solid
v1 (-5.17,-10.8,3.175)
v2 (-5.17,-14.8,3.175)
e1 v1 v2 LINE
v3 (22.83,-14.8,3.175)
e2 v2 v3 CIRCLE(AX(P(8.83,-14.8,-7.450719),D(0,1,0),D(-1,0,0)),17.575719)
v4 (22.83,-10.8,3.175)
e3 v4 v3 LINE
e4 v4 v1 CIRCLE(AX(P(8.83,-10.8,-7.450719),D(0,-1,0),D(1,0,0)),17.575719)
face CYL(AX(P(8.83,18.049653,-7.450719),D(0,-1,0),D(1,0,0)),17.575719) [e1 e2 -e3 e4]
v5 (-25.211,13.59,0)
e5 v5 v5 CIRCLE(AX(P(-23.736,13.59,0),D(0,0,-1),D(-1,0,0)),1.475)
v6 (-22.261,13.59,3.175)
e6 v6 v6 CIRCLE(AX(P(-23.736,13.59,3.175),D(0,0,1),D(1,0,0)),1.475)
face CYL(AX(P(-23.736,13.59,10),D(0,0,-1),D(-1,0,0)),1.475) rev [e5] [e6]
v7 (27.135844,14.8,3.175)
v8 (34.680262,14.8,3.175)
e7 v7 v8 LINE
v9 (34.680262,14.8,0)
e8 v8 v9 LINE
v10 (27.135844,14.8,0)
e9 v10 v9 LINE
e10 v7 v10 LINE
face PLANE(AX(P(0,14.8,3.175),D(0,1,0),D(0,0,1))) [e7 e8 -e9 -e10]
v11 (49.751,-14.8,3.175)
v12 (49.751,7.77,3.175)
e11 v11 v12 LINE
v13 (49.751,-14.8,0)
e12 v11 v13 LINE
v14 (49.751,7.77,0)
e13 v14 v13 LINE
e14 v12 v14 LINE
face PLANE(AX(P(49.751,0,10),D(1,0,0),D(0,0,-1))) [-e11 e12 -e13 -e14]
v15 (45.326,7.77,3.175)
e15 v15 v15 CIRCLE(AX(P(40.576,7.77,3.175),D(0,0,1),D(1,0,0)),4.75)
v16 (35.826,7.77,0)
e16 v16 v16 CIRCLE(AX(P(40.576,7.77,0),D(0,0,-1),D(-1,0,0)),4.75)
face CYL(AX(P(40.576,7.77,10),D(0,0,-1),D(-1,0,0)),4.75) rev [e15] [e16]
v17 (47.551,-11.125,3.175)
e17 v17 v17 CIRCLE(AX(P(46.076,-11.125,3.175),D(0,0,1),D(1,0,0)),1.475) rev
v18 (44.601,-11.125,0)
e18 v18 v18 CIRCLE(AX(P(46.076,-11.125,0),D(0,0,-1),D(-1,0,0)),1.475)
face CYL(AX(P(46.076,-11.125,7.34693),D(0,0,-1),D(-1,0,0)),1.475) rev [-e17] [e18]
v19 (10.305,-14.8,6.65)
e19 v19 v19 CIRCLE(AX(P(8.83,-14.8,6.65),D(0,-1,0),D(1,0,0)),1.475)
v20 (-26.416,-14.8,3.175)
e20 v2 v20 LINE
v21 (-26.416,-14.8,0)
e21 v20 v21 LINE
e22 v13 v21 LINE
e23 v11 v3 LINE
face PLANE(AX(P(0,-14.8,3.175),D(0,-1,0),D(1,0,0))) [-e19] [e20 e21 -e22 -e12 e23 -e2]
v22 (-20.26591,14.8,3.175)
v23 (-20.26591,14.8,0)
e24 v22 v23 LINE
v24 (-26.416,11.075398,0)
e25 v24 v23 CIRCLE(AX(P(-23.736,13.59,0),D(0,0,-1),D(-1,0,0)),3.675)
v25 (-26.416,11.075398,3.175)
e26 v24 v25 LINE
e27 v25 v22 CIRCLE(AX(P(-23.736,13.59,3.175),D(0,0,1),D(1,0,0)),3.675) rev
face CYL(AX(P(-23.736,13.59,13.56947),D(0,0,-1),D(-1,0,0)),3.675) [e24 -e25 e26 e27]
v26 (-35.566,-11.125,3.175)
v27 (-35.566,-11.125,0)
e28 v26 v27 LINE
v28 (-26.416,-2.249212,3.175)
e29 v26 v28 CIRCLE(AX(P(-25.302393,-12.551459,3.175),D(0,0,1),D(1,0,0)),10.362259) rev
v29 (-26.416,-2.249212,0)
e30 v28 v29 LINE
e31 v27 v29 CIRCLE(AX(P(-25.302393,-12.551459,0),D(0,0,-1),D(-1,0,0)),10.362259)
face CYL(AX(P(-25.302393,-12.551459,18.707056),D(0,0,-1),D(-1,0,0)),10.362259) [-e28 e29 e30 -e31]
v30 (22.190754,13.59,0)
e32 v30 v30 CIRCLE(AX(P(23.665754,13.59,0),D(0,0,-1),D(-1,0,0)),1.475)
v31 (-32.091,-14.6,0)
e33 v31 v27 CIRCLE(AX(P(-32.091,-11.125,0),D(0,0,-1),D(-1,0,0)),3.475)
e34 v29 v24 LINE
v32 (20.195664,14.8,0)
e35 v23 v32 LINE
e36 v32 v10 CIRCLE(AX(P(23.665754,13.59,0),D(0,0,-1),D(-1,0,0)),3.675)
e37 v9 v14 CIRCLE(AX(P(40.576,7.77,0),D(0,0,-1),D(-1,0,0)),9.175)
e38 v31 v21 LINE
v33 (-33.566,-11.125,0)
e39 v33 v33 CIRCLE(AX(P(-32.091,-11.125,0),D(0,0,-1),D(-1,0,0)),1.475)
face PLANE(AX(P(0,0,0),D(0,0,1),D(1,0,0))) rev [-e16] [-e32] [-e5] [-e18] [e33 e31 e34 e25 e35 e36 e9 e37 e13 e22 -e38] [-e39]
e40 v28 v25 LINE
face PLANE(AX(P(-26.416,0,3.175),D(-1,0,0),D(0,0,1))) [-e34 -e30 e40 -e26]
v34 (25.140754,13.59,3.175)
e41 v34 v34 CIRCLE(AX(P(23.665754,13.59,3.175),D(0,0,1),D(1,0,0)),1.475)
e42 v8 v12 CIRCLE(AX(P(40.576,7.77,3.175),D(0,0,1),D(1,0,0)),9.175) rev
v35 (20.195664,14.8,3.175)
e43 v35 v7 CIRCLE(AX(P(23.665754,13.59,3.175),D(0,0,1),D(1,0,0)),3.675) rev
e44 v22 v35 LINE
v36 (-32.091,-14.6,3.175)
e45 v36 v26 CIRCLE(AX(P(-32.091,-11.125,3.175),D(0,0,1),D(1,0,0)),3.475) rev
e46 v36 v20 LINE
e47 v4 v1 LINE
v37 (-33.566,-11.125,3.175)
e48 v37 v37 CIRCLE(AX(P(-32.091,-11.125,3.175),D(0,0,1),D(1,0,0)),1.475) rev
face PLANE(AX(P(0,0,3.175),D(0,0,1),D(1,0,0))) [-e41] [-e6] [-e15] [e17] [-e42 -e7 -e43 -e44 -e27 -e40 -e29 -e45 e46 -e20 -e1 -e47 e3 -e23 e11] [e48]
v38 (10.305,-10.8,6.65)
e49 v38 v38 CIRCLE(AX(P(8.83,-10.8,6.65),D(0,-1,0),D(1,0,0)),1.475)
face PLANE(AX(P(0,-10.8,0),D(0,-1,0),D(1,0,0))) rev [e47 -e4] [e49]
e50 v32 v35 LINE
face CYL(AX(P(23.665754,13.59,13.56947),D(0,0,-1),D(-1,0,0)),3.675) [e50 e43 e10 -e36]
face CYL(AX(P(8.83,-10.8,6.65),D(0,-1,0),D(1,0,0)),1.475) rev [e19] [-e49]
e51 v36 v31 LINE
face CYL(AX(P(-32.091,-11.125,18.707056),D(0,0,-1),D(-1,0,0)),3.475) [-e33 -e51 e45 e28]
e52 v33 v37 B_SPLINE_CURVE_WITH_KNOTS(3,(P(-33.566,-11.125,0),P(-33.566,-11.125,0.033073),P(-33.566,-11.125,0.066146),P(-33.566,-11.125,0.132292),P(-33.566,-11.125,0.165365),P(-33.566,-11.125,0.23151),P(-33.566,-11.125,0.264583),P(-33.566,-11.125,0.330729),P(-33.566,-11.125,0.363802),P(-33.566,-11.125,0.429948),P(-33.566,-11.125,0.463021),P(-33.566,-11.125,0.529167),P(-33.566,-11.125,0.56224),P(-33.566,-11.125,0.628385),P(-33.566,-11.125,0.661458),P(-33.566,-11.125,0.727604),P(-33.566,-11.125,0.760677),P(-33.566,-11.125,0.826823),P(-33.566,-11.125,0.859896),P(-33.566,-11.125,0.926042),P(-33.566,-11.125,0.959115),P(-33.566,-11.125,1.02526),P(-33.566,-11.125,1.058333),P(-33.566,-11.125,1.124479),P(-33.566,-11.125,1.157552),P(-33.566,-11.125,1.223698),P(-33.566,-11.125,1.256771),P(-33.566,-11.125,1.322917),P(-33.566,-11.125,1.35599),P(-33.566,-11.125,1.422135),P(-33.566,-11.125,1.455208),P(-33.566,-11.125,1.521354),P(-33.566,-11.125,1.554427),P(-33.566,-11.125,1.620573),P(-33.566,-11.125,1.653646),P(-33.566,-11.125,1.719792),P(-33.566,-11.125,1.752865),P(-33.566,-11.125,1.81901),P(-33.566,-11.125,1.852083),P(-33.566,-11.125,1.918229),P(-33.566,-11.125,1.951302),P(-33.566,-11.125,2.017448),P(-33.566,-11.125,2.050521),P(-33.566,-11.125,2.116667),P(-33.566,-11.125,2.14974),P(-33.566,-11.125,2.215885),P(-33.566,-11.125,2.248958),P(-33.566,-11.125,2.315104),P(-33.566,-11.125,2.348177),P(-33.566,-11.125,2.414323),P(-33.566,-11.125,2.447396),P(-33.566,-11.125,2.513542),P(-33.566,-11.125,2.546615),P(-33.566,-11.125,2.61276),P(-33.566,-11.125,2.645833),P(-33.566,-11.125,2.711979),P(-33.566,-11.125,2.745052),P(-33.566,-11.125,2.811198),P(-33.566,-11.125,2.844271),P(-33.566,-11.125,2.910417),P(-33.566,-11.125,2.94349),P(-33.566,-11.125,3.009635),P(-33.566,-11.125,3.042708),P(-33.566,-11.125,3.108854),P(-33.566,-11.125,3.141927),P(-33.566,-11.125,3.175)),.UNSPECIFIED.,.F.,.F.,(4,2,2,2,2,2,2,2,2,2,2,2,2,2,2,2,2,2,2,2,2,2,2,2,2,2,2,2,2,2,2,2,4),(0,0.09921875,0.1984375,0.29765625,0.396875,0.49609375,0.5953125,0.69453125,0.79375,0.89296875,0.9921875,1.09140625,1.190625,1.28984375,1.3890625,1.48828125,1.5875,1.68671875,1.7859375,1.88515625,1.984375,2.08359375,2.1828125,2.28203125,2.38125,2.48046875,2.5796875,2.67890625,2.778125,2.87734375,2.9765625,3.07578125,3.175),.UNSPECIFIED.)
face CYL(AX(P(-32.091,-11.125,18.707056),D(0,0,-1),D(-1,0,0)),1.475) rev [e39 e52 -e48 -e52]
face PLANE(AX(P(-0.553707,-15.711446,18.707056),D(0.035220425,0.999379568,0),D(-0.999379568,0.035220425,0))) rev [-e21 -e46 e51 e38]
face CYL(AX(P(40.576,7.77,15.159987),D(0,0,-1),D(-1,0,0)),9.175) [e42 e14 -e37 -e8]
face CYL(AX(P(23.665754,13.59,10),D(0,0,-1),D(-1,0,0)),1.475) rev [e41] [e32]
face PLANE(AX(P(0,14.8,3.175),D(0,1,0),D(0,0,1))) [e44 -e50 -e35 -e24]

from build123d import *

# Parameters (mm, degrees)
SKETCH1_W            = 6.266
SKETCH1_H            = 19.6
SKETCH1_R            = 1.675
SKETCH1_W_2          = 52.832
SKETCH1_H_2          = 5
BOSS_EXTRUDE2_DEPTH  = 3.175
SKETCH3_W            = 30
SKETCH3_H            = 29.6
BOSS_EXTRUDE3_DEPTH  = 3.175
SKETCH4_R            = 4.75
CUT_EXTRUDE1_DEPTH   = 10
BOSS_EXTRUDE14_DEPTH = 3.175
CUT_EXTRUDE8_DEPTH   = 10
SKETCH24_R           = 1.475
CUT_EXTRUDE9_DEPTH   = 10
SKETCH25_R           = 3.675
SKETCH25_R_2         = 1.675
BOSS_EXTRUDE15_DEPTH = 3.175
SKETCH26_R           = 1.475
CUT_EXTRUDE12_DEPTH  = 3.175
CUT_EXTRUDE13_DEPTH  = 10
SKETCH28_R           = 3.675
SKETCH28_R_2         = 1.675
BOSS_EXTRUDE16_DEPTH = 3.175
SKETCH29_R           = 1.475
BOSS_EXTRUDE17_DEPTH = 3.175
SKETCH30_W           = 52.236337303
SKETCH30_H           = 21.491937942
BOSS_EXTRUDE18_DEPTH = 3.175
CUT_EXTRUDE14_DEPTH  = 10
SKETCH32_R           = 1.475
BOSS_EXTRUDE19_DEPTH = 4
SKETCH33_R           = 2.220955703
SKETCH33_R_2         = 1.475
SKETCH33_R_3         = 2.214708119
BOSS_EXTRUDE20_DEPTH = 3.175
SKETCH34_R           = 1.475
BOSS_EXTRUDE21_DEPTH = 4


with BuildPart() as part:
    # Sketch1 → Boss-Extrude2 (new body)
    # profile 1 of 4: a face of its own
    with BuildSketch(Plane.XY):
        with Locations((-23.283, 0)):
            Rectangle(SKETCH1_W, SKETCH1_H)
        with Locations((-23.95, -4.974)):
            Circle(SKETCH1_R, mode=Mode.SUBTRACT)
        with Locations((-23.95, 4.974)):
            Circle(SKETCH1_R, mode=Mode.SUBTRACT)
    # profile 2 of 4: a face of its own
    with BuildSketch(Plane.XY):
        with Locations((0, -12.3)):
            Rectangle(SKETCH1_W_2, SKETCH1_H_2)
    # profile 3 of 4: a face of its own
    with BuildSketch(Plane.XY):
        with Locations((0, 12.3)):
            Rectangle(SKETCH1_W_2, SKETCH1_H_2)
    # profile 4 of 4: a face of its own
    with BuildSketch(Plane.XY):
        with Locations((23.283, 0)):
            Rectangle(SKETCH1_W, SKETCH1_H)
        with Locations((23.95, -4.974)):
            Circle(SKETCH1_R, mode=Mode.SUBTRACT)
        with Locations((23.95, 4.974)):
            Circle(SKETCH1_R, mode=Mode.SUBTRACT)
    extrude(amount=BOSS_EXTRUDE2_DEPTH)

    # Sketch3 → Boss-Extrude3 (add)
    with BuildSketch(Plane.XY.offset(3.175)):
        with Locations((41.416, 0)):
            Rectangle(SKETCH3_W, SKETCH3_H)
    extrude(amount=-BOSS_EXTRUDE3_DEPTH)

    # Sketch4 → Cut-Extrude1 (cut)
    with BuildSketch(Plane(origin=(0, 0, 0), x_dir=(-1, 0, 0), z_dir=(0, 0, -1))):
        with Locations((-40.576, 7.77)):
            Circle(SKETCH4_R)
    extrude(amount=-CUT_EXTRUDE1_DEPTH, mode=Mode.SUBTRACT)

    # Sketch22 → Boss-Extrude14 (add)
    with BuildSketch(Plane(origin=(0, 0, 0), x_dir=(-1, 0, 0), z_dir=(0, 0, -1))):
        with BuildLine():
            ThreePointArc((-34.680262133, 14.8), (-40.576, 16.945), (-46.471737867, 14.8))
            Line((-46.471737867, 14.8), (-34.680262133, 14.8))
        make_face()
    extrude(amount=-BOSS_EXTRUDE14_DEPTH)

    # Sketch23 → Cut-Extrude8 (cut)
    with BuildSketch(Plane(origin=(0, 0, 0), x_dir=(-1, 0, 0), z_dir=(0, 0, -1))):
        with BuildLine():
            Line((-49.751, -14.8), (-49.751, 7.77))
            ThreePointArc((-49.751, 7.77), (-48.890866804, 11.648609936), (-46.471737867, 14.8))
            Line((-46.471737867, 14.8), (-56.416, 14.8))
            Line((-56.416, 14.8), (-56.416, -14.8))
            Line((-56.416, -14.8), (-49.751, -14.8))
        make_face()
    extrude(amount=-CUT_EXTRUDE8_DEPTH, mode=Mode.SUBTRACT)

    # Sketch24 → Cut-Extrude9 (cut)
    with BuildSketch(Plane(origin=(0, 0, 0), x_dir=(-1, 0, 0), z_dir=(0, 0, -1))):
        with Locations((23.736, 13.59)):
            Circle(SKETCH24_R)
    extrude(amount=-CUT_EXTRUDE9_DEPTH, mode=Mode.SUBTRACT)

    # Sketch25 → Boss-Extrude15 (add)
    # profile 1 of 3: a face of its own
    with BuildSketch(Plane(origin=(0, 0, 0), x_dir=(-1, 0, 0), z_dir=(0, 0, -1))):
        with Locations((23.95, -4.974)):
            Circle(SKETCH25_R)
        with Locations(Location((23.95, -4.974, 0), (0, 0, 180))):
            Circle(SKETCH25_R_2, mode=Mode.SUBTRACT)
    # profile 2 of 3: a face of its own
    with BuildSketch(Plane(origin=(0, 0, 0), x_dir=(-1, 0, 0), z_dir=(0, 0, -1))):
        with Locations((23.95, 4.974)):
            Circle(SKETCH25_R)
        with Locations(Location((23.95, 4.974, 0), (0, 0, 180))):
            Circle(SKETCH25_R_2, mode=Mode.SUBTRACT)
    # profile 3 of 3: a face of its own
    with BuildSketch(Plane(origin=(0, 0, 0), x_dir=(-1, 0, 0), z_dir=(0, 0, -1))):
        with Locations((23.736, 13.59)):
            Circle(SKETCH25_R)
        with Locations((23.736, 13.59)):
            Circle(SKETCH25_R_2, mode=Mode.SUBTRACT)
    extrude(amount=-BOSS_EXTRUDE15_DEPTH)

    # Sketch26 → Cut-Extrude12 (cut)
    with BuildSketch(Plane(origin=(0, 0, 0), x_dir=(-1, 0, 0), z_dir=(0, 0, -1))):
        with Locations((-46.076, -11.125)):
            Circle(SKETCH26_R)
    extrude(amount=-CUT_EXTRUDE12_DEPTH, mode=Mode.SUBTRACT)

    # Sketch27 → Cut-Extrude13 (cut)
    with BuildSketch(Plane(origin=(0, 0, 0), x_dir=(-1, 0, 0), z_dir=(0, 0, -1))):
        with BuildLine():
            ThreePointArc((-22.190754209, 13.59), (-22.358119678, 14.272434563), (-22.822234796, 14.8))
            Line((-22.822234796, 14.8), (-24.509273622, 14.8))
            ThreePointArc((-24.509273622, 14.8), (-24.348188772, 12.282365469), (-22.190754209, 13.59))
        make_face()
        with BuildLine():
            Line((-24.509273622, 14.8), (-22.822234796, 14.8))
            ThreePointArc((-22.822234796, 14.8), (-23.665754209, 15.065), (-24.509273622, 14.8))
        make_face()
    extrude(amount=-CUT_EXTRUDE13_DEPTH, mode=Mode.SUBTRACT)

    # Sketch28 → Boss-Extrude16 (add)
    with BuildSketch(Plane(origin=(0, 0, 0), x_dir=(-1, 0, 0), z_dir=(0, 0, -1))):
        with Locations((-23.665754209, 13.59)):
            Circle(SKETCH28_R)
        with Locations((-23.665754209, 13.59)):
            Circle(SKETCH28_R_2, mode=Mode.SUBTRACT)
    extrude(amount=-BOSS_EXTRUDE16_DEPTH)

    # Sketch29 → Boss-Extrude17 (add)
    with BuildSketch(Plane(origin=(0, 0, 0), x_dir=(-1, 0, 0), z_dir=(0, 0, -1))):
        with BuildLine():
            ThreePointArc((35.566, -11.125), (32.517318638, -5.113632727), (26.416, -2.249212118))
            Line((26.416, -2.249212118), (26.416, -14.8))
            Line((26.416, -14.8), (32.091, -14.6))
            ThreePointArc((32.091, -14.6), (34.548196065, -13.582196065), (35.566, -11.125))
        make_face()
        with Locations((32.091, -11.125)):
            Circle(SKETCH29_R, mode=Mode.SUBTRACT)
    extrude(amount=-BOSS_EXTRUDE17_DEPTH)

    # Sketch30 → Boss-Extrude18 (add)
    with BuildSketch(Plane(origin=(0, 0, 0), x_dir=(-1, 0, 0), z_dir=(0, 0, -1))):
        with Locations((-0.180648482, 0.066835569)):
            Rectangle(SKETCH30_W, SKETCH30_H)
    extrude(amount=-BOSS_EXTRUDE18_DEPTH)

    # Sketch31 → Cut-Extrude14 (cut)
    with BuildSketch(Plane(origin=(0, 0, 0), x_dir=(-1, 0, 0), z_dir=(0, 0, -1))):
        Polygon((26.416, 9.86570219), (26.416, 0.686094798), (31.474426215, 3.163131713), align=None)
    extrude(amount=-CUT_EXTRUDE14_DEPTH, mode=Mode.SUBTRACT)

    # Sketch32 → Boss-Extrude19 (add)
    with BuildSketch(Plane(origin=(0, -14.8, 0), x_dir=(-1, 0, 0), z_dir=(0, -1, 0))):
        with BuildLine():
            ThreePointArc((-22.83, -3.175), (-16.387108849, -7.772233652), (-8.83, -10.125))
            ThreePointArc((-8.83, -10.125), (-1.272891151, -7.772233652), (5.17, -3.175))
            Line((5.17, -3.175), (-22.83, -3.175))
        make_face()
        with Locations(Location((-8.83, -6.65, 0), (0, 0, 180))):
            Circle(SKETCH32_R, mode=Mode.SUBTRACT)
    extrude(amount=-BOSS_EXTRUDE19_DEPTH)

    # Sketch33 → Boss-Extrude20 (add)
    # profile 1 of 2: a face of its own
    with BuildSketch(Plane(origin=(0, 0, 0), x_dir=(-1, 0, 0), z_dir=(0, 0, -1))):
        with Locations((-23.665754209, 13.59)):
            Circle(SKETCH33_R)
        with Locations((-23.665754209, 13.59)):
            Circle(SKETCH33_R_2, mode=Mode.SUBTRACT)
    # profile 2 of 2: a face of its own
    with BuildSketch(Plane(origin=(0, 0, 0), x_dir=(-1, 0, 0), z_dir=(0, 0, -1))):
        with Locations((23.736, 13.59)):
            Circle(SKETCH33_R_3)
        with Locations((23.736, 13.59)):
            Circle(SKETCH33_R_2, mode=Mode.SUBTRACT)
    extrude(amount=-BOSS_EXTRUDE20_DEPTH)

    # Sketch34 → Boss-Extrude21 (add)
    with BuildSketch(Plane(origin=(0, -14.8, 0), x_dir=(-1, 0, 0), z_dir=(0, -1, 0))):
        with BuildLine():
            Line((5.17, -3.175), (-22.83, -3.175))
            ThreePointArc((-22.83, -3.175), (-8.83, -10.125), (5.17, -3.175))
        make_face()
        with Locations(Location((-8.83, -6.65, 0), (0, 0, 180))):
            Circle(SKETCH34_R, mode=Mode.SUBTRACT)
    extrude(amount=-BOSS_EXTRUDE21_DEPTH)


solid = part.part
